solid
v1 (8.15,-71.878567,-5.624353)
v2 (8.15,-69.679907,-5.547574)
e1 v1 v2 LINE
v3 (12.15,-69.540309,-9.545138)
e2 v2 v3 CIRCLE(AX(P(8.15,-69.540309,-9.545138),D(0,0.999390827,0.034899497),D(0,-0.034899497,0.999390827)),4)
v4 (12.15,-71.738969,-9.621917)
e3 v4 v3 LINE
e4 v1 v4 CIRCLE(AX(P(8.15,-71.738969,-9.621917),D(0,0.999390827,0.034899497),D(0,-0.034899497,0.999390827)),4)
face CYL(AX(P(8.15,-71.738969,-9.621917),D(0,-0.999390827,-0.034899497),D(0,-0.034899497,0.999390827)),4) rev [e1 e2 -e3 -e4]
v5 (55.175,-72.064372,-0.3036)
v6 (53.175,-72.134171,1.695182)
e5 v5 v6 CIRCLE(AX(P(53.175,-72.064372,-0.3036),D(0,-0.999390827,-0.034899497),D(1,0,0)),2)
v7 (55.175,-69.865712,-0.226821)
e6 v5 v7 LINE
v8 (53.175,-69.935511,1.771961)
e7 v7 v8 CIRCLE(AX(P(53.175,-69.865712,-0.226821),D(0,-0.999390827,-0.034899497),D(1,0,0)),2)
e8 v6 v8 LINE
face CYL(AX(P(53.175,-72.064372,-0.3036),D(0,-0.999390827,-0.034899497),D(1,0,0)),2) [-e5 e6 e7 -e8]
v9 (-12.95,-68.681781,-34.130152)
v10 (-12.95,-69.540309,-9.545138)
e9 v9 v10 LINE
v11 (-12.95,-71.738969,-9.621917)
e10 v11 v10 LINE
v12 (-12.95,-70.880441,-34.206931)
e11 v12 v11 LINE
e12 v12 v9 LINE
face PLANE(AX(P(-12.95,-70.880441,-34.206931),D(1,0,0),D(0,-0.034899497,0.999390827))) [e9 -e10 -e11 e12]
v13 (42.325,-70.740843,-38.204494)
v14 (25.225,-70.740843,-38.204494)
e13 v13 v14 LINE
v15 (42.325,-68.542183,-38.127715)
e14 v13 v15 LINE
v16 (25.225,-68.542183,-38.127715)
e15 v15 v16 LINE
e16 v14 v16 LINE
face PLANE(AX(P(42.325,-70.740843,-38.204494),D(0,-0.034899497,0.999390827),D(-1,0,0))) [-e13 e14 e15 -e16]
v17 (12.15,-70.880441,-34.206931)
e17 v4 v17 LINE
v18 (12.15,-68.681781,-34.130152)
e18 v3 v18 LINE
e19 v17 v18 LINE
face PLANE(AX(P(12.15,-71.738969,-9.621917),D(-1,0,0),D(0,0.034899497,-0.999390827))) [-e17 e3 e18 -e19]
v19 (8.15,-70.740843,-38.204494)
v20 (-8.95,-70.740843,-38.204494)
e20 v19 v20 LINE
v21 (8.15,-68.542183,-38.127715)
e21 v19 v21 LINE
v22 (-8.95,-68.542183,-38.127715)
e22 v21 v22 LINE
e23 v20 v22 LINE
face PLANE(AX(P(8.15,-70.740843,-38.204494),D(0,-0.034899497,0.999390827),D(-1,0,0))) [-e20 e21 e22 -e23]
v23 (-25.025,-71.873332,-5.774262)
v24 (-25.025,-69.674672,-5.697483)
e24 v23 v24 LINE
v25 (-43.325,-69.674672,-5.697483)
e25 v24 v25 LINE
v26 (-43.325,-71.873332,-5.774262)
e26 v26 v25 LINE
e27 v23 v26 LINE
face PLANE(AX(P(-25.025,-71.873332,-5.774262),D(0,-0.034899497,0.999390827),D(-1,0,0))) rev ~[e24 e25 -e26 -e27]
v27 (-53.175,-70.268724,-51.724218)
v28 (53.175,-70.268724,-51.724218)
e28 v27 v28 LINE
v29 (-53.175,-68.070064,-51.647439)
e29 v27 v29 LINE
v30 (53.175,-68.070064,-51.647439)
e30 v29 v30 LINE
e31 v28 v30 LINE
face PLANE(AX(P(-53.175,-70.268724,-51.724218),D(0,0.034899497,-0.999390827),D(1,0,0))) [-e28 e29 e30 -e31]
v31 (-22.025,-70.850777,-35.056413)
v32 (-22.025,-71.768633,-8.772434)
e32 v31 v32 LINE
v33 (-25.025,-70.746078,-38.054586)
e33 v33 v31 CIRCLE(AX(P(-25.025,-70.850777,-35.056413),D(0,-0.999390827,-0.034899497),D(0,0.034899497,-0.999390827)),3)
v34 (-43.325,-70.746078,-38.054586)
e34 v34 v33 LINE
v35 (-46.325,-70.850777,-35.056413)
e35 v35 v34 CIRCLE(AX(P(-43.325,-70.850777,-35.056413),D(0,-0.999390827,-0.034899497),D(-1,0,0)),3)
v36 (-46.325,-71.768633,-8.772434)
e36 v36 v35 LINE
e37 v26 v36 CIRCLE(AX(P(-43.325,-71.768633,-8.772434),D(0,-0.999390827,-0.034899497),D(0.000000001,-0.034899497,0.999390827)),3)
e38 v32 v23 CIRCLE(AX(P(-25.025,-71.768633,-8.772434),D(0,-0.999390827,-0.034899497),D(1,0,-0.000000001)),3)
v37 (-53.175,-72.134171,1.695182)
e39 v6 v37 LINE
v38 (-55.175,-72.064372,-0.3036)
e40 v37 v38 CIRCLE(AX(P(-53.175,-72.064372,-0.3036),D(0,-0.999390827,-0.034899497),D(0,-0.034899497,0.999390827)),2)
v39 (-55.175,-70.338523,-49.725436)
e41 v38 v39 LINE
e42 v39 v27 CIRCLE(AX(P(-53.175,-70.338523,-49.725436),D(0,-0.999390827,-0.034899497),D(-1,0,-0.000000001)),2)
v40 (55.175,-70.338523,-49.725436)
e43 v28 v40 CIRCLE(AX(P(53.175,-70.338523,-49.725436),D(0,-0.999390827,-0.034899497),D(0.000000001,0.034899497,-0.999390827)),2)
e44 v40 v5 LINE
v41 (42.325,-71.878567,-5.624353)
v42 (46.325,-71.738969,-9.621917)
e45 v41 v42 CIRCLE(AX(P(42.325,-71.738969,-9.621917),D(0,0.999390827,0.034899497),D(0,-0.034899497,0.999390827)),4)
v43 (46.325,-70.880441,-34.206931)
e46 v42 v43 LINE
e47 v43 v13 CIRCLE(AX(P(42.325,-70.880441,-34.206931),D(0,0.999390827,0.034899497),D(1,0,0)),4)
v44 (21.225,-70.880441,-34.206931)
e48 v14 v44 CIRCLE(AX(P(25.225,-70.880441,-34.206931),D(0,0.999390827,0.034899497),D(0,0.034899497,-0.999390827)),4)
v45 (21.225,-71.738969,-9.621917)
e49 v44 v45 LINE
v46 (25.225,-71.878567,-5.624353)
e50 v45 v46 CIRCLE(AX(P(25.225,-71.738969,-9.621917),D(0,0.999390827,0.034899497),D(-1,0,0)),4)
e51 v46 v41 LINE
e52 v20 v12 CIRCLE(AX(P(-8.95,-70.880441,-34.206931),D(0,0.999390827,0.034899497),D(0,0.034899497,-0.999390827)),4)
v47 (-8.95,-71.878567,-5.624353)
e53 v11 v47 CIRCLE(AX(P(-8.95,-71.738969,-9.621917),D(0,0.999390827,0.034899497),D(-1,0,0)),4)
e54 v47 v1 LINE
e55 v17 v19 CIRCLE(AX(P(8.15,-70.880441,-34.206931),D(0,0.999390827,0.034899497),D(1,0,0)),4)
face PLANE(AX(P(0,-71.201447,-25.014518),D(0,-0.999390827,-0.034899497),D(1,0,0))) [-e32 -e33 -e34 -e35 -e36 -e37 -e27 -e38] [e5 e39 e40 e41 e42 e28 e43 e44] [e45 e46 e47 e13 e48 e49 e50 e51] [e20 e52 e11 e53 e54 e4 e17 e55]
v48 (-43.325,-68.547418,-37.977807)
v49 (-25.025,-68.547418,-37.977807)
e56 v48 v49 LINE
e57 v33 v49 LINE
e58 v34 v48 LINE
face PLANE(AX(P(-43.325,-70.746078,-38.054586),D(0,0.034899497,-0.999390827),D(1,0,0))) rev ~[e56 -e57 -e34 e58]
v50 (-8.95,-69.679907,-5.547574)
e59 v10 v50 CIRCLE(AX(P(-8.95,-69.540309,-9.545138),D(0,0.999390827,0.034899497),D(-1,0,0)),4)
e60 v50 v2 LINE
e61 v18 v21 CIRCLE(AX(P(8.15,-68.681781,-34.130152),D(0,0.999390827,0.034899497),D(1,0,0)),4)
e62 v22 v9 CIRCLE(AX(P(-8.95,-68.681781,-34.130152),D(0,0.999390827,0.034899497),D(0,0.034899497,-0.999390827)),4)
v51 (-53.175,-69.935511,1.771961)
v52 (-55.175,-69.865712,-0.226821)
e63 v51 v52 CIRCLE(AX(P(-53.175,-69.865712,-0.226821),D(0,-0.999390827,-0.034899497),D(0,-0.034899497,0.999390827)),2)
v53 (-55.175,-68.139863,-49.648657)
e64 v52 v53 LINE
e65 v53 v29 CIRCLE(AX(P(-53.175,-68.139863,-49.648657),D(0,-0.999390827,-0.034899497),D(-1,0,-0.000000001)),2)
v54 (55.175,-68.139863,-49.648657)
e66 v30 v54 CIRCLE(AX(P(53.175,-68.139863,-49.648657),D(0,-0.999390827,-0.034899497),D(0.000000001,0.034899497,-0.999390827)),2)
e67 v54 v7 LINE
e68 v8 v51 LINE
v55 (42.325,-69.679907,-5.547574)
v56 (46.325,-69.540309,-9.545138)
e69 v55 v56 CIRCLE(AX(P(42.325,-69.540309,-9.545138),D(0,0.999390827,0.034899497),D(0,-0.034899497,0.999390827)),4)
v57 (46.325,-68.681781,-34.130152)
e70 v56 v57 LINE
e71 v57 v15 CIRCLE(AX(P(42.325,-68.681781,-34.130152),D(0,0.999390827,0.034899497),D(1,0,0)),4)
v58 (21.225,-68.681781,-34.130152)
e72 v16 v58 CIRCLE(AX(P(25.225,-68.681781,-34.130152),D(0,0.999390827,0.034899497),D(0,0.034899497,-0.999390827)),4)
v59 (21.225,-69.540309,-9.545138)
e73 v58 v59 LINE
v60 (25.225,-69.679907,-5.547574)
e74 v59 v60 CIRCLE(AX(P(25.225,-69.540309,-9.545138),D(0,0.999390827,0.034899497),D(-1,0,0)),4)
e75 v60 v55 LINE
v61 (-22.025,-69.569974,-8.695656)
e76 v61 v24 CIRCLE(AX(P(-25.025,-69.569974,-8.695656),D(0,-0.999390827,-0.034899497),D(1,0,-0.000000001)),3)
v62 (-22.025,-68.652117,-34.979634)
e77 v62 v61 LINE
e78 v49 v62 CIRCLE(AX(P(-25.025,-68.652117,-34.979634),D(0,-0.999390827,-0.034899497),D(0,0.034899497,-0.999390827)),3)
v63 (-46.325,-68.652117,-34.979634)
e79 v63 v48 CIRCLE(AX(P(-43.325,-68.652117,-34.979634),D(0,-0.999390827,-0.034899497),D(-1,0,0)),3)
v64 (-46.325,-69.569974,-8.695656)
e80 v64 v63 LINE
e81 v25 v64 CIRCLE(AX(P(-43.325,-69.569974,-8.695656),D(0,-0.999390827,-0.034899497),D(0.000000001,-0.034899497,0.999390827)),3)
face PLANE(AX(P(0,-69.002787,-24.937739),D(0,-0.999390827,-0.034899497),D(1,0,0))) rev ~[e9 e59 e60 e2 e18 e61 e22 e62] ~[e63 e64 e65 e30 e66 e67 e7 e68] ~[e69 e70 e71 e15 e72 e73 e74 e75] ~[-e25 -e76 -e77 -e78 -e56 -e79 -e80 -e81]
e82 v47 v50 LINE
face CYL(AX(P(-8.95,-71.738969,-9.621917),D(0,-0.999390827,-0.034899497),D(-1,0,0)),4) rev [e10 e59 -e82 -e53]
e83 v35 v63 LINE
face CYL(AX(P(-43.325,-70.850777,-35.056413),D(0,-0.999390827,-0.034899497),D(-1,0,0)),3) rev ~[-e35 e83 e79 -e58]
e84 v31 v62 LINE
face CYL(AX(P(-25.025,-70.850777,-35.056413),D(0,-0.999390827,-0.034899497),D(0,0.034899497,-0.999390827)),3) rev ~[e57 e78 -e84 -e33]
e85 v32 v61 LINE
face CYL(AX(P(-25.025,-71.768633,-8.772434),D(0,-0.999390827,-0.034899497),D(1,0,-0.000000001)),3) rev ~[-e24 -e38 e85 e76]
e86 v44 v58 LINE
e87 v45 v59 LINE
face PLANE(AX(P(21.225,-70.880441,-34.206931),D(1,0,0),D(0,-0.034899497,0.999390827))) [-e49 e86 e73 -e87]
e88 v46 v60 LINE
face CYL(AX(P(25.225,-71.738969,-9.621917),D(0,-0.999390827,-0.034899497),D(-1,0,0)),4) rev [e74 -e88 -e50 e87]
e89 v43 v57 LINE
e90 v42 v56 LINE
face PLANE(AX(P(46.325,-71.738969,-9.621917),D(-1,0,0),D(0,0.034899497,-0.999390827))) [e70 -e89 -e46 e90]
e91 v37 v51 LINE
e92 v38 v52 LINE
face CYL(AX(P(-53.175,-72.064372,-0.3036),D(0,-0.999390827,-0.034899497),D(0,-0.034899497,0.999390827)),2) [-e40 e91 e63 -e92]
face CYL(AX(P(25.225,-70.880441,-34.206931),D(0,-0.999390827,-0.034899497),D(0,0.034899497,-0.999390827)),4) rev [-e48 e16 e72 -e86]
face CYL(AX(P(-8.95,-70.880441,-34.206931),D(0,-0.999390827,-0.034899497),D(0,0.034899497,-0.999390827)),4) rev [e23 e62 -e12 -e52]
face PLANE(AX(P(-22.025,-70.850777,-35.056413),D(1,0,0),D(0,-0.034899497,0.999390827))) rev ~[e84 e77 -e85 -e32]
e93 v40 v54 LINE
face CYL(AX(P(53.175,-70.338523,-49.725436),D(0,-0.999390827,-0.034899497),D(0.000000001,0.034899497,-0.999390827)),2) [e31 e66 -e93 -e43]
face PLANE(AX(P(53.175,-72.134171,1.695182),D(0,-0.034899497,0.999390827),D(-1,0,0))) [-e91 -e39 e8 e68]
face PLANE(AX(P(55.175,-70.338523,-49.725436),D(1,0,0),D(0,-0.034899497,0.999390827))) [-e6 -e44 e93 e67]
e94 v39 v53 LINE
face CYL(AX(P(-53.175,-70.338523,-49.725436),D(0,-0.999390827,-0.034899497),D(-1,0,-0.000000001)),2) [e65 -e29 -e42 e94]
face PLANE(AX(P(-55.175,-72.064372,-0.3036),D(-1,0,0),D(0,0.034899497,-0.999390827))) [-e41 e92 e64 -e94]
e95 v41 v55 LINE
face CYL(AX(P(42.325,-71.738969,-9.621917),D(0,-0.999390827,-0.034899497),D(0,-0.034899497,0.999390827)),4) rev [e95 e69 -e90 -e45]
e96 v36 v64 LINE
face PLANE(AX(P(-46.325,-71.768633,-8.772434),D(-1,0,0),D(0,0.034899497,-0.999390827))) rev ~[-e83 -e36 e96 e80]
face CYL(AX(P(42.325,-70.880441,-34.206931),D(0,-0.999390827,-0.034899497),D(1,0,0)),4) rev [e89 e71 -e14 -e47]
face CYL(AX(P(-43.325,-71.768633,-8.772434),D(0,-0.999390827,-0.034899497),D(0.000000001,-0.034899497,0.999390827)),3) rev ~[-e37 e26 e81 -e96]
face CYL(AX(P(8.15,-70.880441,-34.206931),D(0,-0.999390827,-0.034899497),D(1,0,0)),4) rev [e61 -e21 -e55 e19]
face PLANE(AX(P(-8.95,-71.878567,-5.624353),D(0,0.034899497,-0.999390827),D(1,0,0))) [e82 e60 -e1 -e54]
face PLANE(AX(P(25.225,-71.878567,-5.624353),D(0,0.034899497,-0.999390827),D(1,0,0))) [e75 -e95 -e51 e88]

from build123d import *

# Parameters (mm, degrees)
BOSS_EXTRUDE1_DEPTH = 2.2


with BuildPart() as part:
    # Sketch1 → Boss-Extrude1 (new body)
    with BuildSketch(Plane(origin=(0, -71.98718802, -2.513847999), x_dir=(1, 0, 0), z_dir=(0, -0.9993908270190958, -0.034899496702501066))):
        with BuildLine():
            Line((-53.175, -49.240365792), (53.175, -49.240365792))
            ThreePointArc((53.175, -49.240365792), (54.589213562, -48.654579354), (55.175, -47.240365792))
            Line((55.175, -47.240365792), (55.175, 2.21159528))
            ThreePointArc((55.175, 2.21159528), (54.589213562, 3.625808843), (53.175, 4.21159528))
            Line((53.175, 4.21159528), (-53.175, 4.21159528))
            ThreePointArc((-53.175, 4.21159528), (-54.589213562, 3.625808843), (-55.175, 2.21159528))
            Line((-55.175, 2.21159528), (-55.175, -47.240365792))
            ThreePointArc((-55.175, -47.240365792), (-54.589213562, -48.654579354), (-53.175, -49.240365792))
        make_face()
        with BuildLine():
            Line((-22.025, -32.562401314), (-22.025, -6.262401314))
            ThreePointArc((-22.025, -6.262401314), (-22.903679656, -4.14108097), (-25.025, -3.262401314))
            Line((-25.025, -3.262401314), (-43.325, -3.262401314))
            ThreePointArc((-43.325, -3.262401314), (-45.446320344, -4.14108097), (-46.325, -6.262401314))
            Line((-46.325, -6.262401314), (-46.325, -32.562401314))
            ThreePointArc((-46.325, -32.562401314), (-45.446320344, -34.683721657), (-43.325, -35.562401314))
            Line((-43.325, -35.562401314), (-25.025, -35.562401314))
            ThreePointArc((-25.025, -35.562401314), (-22.903679656, -34.683721657), (-22.025, -32.562401314))
        make_face(mode=Mode.SUBTRACT)
        with BuildLine():
            Line((-8.95, -3.112401314), (8.15, -3.112401314))
            ThreePointArc((8.15, -3.112401314), (10.978427125, -4.283974189), (12.15, -7.112401314))
            Line((12.15, -7.112401314), (12.15, -31.712401314))
            ThreePointArc((12.15, -31.712401314), (10.978427125, -34.540828439), (8.15, -35.712401314))
            Line((8.15, -35.712401314), (-8.95, -35.712401314))
            ThreePointArc((-8.95, -35.712401314), (-11.778427125, -34.540828439), (-12.95, -31.712401314))
            Line((-12.95, -31.712401314), (-12.95, -7.112401314))
            ThreePointArc((-12.95, -7.112401314), (-11.778427125, -4.283974189), (-8.95, -3.112401314))
        make_face(mode=Mode.SUBTRACT)
        with BuildLine():
            Line((25.225, -3.112401314), (42.325, -3.112401314))
            ThreePointArc((42.325, -3.112401314), (45.153427125, -4.283974189), (46.325, -7.112401314))
            Line((46.325, -7.112401314), (46.325, -31.712401314))
            ThreePointArc((46.325, -31.712401314), (45.153427125, -34.540828439), (42.325, -35.712401314))
            Line((42.325, -35.712401314), (25.225, -35.712401314))
            ThreePointArc((25.225, -35.712401314), (22.396572875, -34.540828439), (21.225, -31.712401314))
            Line((21.225, -31.712401314), (21.225, -7.112401314))
            ThreePointArc((21.225, -7.112401314), (22.396572875, -4.283974189), (25.225, -3.112401314))
        make_face(mode=Mode.SUBTRACT)
    extrude(amount=-BOSS_EXTRUDE1_DEPTH)


solid = part.part
